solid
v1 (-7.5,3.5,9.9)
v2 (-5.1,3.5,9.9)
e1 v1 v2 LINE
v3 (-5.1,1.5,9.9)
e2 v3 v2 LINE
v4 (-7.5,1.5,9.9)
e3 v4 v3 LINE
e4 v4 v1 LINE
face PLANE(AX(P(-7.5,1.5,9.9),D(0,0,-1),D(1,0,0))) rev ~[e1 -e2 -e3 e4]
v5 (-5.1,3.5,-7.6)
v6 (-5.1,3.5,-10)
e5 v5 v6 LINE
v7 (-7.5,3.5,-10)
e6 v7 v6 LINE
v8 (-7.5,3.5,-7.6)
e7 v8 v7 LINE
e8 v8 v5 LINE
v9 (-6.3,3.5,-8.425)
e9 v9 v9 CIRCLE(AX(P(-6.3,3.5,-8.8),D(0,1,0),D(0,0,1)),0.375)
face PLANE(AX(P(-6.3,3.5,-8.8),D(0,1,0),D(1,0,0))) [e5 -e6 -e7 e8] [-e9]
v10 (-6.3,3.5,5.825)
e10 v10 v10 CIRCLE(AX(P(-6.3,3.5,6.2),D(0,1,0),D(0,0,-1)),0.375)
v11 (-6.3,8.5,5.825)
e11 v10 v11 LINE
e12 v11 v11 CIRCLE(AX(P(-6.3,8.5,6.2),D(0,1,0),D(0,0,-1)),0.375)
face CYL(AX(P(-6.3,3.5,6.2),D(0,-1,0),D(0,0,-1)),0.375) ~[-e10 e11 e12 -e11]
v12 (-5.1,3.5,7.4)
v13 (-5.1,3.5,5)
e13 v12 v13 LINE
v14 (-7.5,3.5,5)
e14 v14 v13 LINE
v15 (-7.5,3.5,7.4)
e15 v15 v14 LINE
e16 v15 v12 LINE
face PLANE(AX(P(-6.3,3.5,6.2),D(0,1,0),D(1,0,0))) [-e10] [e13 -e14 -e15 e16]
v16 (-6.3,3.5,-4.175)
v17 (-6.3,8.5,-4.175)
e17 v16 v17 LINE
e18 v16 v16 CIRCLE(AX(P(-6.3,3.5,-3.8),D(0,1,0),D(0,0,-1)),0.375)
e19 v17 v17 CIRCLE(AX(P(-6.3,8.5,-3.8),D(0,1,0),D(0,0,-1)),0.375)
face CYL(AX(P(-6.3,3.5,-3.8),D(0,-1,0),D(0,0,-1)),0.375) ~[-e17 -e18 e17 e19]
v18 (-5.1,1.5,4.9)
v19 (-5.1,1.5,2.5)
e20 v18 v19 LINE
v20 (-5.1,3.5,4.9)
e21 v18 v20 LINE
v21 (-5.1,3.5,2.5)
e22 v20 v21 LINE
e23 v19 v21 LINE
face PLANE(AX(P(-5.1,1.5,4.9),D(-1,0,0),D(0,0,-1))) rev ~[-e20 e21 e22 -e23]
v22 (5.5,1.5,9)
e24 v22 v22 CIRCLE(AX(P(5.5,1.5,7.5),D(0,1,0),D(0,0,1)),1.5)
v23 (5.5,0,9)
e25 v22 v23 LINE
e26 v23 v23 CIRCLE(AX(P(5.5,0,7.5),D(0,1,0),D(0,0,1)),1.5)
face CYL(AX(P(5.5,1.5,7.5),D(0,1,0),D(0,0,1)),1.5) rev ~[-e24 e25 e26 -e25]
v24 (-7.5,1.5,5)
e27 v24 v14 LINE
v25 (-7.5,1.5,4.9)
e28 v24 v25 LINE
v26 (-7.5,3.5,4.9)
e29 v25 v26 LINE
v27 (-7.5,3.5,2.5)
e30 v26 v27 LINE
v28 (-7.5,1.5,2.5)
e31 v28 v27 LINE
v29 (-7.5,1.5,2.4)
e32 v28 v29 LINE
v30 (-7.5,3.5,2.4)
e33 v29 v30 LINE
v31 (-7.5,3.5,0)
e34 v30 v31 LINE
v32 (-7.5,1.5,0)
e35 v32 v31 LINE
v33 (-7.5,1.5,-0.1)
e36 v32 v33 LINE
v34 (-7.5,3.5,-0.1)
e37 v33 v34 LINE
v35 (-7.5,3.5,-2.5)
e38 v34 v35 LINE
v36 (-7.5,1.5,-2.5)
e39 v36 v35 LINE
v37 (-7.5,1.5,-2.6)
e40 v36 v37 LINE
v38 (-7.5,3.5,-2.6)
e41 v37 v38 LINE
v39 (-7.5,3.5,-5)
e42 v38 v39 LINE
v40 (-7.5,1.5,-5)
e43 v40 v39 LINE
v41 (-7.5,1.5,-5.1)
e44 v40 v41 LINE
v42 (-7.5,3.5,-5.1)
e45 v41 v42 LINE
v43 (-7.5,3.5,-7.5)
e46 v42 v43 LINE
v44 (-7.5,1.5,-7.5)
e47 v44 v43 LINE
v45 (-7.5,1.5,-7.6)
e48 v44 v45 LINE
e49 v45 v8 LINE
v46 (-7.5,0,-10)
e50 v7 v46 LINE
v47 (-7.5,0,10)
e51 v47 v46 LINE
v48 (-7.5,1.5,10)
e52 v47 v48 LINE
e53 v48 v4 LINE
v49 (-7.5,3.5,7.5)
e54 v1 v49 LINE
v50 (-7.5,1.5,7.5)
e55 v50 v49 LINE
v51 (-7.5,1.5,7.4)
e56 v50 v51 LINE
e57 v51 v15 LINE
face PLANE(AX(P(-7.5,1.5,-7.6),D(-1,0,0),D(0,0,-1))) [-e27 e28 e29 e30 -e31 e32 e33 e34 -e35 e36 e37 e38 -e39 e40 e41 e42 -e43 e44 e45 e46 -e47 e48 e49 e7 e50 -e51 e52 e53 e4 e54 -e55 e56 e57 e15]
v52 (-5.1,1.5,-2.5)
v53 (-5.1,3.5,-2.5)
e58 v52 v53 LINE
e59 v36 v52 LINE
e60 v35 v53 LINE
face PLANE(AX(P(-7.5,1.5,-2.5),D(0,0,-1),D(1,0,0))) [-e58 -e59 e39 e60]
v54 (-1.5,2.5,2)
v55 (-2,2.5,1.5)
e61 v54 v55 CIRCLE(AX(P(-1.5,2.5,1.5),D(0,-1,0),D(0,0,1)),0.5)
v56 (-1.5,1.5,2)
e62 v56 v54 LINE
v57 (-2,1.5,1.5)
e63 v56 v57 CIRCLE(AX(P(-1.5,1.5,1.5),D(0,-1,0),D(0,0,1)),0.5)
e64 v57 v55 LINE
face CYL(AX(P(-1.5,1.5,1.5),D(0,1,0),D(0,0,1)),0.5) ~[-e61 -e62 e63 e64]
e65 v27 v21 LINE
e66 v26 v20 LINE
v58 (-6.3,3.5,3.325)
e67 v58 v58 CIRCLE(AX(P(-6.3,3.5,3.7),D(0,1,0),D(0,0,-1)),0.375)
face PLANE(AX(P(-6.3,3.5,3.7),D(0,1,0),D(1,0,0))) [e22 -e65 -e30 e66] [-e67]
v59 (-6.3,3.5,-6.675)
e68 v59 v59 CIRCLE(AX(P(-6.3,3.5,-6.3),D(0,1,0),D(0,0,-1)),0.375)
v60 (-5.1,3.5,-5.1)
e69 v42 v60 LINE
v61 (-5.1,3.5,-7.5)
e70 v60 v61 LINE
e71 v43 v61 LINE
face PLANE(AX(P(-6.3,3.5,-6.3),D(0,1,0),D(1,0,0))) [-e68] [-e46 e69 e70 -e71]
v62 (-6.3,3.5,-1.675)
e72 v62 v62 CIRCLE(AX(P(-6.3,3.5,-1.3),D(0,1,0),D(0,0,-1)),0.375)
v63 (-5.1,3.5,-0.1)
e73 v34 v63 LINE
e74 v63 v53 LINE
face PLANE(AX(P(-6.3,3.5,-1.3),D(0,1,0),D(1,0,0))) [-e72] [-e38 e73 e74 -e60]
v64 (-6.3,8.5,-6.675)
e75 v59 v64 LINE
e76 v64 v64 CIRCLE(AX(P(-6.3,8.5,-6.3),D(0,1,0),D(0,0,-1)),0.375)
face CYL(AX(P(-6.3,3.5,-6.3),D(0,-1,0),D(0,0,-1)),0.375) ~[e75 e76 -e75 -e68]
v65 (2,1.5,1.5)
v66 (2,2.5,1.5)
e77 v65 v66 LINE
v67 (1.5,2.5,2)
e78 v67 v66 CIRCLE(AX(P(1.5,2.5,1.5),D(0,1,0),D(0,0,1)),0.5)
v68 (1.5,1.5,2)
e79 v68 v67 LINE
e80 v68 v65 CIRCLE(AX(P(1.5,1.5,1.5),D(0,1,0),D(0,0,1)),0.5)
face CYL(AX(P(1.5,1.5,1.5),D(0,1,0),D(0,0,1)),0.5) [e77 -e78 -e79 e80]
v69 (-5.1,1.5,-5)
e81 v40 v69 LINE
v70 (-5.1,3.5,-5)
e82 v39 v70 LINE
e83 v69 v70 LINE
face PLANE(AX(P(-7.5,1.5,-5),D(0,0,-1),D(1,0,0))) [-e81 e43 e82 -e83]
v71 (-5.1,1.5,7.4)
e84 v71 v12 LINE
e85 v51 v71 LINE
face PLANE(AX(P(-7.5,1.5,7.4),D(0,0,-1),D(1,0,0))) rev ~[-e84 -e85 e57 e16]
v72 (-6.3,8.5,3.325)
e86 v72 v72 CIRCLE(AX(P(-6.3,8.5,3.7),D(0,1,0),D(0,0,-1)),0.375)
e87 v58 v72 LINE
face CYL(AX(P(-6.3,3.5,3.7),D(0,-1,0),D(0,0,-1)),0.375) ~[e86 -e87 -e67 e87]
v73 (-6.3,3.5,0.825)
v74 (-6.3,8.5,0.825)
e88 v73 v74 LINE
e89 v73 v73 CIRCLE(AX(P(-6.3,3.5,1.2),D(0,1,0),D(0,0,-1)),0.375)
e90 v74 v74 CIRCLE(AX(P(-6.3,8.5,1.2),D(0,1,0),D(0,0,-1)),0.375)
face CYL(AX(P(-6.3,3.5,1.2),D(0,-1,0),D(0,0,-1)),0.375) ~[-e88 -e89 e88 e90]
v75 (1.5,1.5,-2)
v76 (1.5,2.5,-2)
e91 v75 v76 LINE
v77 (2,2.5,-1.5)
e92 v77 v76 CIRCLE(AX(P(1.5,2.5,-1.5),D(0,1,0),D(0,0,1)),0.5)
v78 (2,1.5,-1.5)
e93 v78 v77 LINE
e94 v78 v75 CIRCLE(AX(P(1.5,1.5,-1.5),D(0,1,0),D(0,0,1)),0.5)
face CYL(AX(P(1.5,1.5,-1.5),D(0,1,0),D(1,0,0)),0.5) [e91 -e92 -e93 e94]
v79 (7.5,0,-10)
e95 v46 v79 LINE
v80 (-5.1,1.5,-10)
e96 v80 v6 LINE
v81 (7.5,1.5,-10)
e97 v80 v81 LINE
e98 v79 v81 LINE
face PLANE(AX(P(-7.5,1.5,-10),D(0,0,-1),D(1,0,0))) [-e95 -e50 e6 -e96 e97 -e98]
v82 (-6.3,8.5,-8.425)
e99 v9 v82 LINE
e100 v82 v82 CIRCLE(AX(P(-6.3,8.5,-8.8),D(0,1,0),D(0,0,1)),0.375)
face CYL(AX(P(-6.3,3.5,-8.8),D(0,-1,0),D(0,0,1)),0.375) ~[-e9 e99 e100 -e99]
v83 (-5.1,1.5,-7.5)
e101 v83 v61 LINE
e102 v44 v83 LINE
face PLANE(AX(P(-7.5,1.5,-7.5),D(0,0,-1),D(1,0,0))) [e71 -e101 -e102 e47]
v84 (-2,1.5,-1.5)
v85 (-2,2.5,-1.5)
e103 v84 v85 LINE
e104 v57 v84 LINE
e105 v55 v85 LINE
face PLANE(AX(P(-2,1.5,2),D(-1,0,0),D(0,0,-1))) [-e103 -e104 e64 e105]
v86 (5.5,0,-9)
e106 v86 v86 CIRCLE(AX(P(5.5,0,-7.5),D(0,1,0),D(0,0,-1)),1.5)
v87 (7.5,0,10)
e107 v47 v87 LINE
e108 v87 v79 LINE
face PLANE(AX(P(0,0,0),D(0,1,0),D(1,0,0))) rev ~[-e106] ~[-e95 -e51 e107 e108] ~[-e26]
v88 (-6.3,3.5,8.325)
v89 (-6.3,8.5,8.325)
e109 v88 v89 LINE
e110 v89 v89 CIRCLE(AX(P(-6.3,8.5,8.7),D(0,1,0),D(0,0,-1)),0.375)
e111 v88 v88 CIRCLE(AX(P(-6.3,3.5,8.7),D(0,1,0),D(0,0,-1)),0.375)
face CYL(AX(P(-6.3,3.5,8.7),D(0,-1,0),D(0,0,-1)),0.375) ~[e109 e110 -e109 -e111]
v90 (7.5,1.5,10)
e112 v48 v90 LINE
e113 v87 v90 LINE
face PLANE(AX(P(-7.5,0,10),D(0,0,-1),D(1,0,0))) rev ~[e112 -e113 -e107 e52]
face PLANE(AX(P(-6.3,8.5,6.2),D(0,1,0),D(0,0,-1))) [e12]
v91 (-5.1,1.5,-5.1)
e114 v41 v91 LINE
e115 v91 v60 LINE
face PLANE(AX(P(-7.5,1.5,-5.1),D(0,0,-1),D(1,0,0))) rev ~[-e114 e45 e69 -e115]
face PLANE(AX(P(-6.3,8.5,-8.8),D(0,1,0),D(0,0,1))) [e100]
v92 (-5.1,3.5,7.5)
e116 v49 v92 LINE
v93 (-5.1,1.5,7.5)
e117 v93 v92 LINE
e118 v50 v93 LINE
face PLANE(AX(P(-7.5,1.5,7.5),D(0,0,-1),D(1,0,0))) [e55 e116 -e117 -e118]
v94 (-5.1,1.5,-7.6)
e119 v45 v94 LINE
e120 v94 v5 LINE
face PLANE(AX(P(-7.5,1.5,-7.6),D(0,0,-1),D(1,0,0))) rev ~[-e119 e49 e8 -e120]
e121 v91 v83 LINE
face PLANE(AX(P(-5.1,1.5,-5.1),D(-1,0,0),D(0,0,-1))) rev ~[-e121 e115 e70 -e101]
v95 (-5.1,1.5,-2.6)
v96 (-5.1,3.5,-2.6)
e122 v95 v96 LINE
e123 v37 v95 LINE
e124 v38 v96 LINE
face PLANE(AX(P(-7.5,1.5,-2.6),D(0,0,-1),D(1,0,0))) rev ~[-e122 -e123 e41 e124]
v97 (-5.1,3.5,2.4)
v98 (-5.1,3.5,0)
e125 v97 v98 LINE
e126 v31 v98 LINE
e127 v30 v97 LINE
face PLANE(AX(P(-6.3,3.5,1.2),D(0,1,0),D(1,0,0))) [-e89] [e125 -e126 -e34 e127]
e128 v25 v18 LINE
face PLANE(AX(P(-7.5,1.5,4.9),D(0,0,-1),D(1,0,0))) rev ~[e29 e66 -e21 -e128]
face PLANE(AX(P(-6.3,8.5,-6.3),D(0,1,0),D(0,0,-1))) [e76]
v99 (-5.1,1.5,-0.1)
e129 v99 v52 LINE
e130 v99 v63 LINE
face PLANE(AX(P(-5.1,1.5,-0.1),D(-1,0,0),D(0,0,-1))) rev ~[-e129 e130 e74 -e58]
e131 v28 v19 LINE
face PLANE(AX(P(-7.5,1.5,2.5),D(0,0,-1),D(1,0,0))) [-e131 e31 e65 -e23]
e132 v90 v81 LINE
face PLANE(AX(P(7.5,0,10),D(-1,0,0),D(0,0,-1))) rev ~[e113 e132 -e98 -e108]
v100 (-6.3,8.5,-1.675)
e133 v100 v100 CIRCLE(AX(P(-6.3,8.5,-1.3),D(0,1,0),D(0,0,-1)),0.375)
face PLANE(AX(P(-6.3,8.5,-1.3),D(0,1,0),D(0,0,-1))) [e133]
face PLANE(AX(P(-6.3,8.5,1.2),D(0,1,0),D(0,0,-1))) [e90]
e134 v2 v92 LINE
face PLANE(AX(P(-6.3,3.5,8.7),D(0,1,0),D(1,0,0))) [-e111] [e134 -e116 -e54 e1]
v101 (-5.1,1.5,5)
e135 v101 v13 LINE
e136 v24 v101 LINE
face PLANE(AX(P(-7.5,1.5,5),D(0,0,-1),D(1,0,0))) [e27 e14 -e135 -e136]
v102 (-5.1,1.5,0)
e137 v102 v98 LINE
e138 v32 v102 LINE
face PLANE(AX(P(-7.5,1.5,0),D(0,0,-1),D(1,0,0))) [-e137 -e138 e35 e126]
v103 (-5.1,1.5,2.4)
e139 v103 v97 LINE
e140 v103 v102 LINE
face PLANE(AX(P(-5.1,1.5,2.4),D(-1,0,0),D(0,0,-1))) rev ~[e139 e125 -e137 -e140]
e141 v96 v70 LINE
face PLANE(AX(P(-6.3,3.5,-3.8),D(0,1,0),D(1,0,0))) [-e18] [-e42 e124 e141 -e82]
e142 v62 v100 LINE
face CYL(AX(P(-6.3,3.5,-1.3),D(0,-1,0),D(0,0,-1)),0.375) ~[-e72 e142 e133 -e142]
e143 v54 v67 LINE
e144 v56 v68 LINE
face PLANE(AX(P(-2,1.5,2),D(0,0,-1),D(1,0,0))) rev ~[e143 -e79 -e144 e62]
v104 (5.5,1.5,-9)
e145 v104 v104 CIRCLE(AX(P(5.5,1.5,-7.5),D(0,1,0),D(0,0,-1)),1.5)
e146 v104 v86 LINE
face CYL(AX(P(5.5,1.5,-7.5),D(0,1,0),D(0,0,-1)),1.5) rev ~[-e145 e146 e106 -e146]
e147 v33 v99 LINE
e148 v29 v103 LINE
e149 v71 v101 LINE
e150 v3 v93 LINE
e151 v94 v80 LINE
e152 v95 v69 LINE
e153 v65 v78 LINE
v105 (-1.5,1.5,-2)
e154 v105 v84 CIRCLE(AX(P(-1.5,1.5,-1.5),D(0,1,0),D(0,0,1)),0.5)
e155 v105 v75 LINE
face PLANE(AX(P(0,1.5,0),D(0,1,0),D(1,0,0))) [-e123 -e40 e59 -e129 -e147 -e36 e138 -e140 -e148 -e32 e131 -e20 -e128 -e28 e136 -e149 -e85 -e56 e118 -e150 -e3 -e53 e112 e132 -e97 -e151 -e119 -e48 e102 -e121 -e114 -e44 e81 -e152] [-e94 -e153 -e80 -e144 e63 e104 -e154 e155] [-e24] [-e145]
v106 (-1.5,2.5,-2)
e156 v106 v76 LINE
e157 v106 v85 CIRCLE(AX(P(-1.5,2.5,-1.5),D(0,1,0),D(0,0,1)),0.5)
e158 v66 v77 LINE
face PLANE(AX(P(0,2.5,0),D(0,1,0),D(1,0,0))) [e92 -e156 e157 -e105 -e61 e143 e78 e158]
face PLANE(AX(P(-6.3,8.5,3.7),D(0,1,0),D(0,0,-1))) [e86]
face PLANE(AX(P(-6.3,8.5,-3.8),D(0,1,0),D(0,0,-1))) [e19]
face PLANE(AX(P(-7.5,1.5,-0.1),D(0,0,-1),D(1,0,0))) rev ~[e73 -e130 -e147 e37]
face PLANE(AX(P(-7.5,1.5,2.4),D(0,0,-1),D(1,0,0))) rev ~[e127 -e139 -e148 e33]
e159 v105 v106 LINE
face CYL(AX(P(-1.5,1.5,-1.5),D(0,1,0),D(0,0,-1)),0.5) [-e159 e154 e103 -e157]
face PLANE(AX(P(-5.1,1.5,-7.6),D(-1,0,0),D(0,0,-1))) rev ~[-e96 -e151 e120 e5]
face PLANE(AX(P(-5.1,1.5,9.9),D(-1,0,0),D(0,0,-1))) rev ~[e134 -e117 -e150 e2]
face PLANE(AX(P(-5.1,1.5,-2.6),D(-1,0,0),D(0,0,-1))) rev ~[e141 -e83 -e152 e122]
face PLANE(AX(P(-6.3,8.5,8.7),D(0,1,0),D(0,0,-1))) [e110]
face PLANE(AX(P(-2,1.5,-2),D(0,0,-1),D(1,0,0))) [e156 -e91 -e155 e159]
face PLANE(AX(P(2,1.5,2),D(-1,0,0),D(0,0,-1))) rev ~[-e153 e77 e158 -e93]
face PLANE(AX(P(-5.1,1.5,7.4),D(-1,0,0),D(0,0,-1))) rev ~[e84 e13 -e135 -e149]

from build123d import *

# Parameters (mm, degrees)
SKETCH1_W           = 15
SKETCH1_H           = 20
BOSS_EXTRUDE1_DEPTH = 1.5
SKETCH2_R           = 1.5
CUT_EXTRUDE1_DEPTH  = 13.589678312
SKETCH3_W           = 4
SKETCH3_H           = 4
BOSS_EXTRUDE2_DEPTH = 1
FILLET2_R           = 0.5
SKETCH4_W           = 2.4
SKETCH4_H           = 2.4
BOSS_EXTRUDE3_DEPTH = 2
SKETCH5_R           = 0.375
BOSS_EXTRUDE4_DEPTH = 5


with BuildPart() as part:
    # Sketch1 → Boss-Extrude1 (new body)
    with BuildSketch(Plane(origin=(0, 0, 0), x_dir=(1, 0, 0), z_dir=(0, 1, 0))):
        Rectangle(SKETCH1_W, SKETCH1_H)
    extrude(amount=BOSS_EXTRUDE1_DEPTH)

    # Sketch2 → Cut-Extrude1 (cut, through all)
    with BuildSketch(Plane(origin=(0, 1.5, 0), x_dir=(1, 0, 0), z_dir=(0, 1, 0))):
        with Locations(Location((5.5, -7.5, 0), (0, 0, 270))):
            Circle(SKETCH2_R)
        with Locations(Location((5.5, 7.5, 0), (0, 0, 90))):
            Circle(SKETCH2_R)
    extrude(amount=-CUT_EXTRUDE1_DEPTH, mode=Mode.SUBTRACT)

    # Sketch3 → Boss-Extrude2 (add)
    with BuildSketch(Plane(origin=(0, 1.5, 0), x_dir=(1, 0, 0), z_dir=(0, 1, 0))):
        Rectangle(SKETCH3_W, SKETCH3_H)
    extrude(amount=BOSS_EXTRUDE2_DEPTH)

    # Fillet2
    fillet2_edges = [part.edges().sort_by_distance(p)[0] for p in [
        (-2, 2, -2),
        (-2, 2, 2),
        (2, 2, 2),
        (2, 2, -2),
    ]]
    fillet(fillet2_edges, radius=FILLET2_R)

    # Sketch4 → Boss-Extrude3 (add)
    with BuildSketch(Plane(origin=(0, 1.5, 0), x_dir=(1, 0, 0), z_dir=(0, 1, 0))):
        with Locations((-6.3, 8.8)):
            Rectangle(SKETCH4_W, SKETCH4_H)
        with Locations((-6.3, 6.3)):
            Rectangle(SKETCH4_W, SKETCH4_H)
        with Locations((-6.3, 3.8)):
            Rectangle(SKETCH4_W, SKETCH4_H)
        with Locations((-6.3, 1.3)):
            Rectangle(SKETCH4_W, SKETCH4_H)
        with Locations((-6.3, -1.2)):
            Rectangle(SKETCH4_W, SKETCH4_H)
        with Locations((-6.3, -3.7)):
            Rectangle(SKETCH4_W, SKETCH4_H)
        with Locations((-6.3, -6.2)):
            Rectangle(SKETCH4_W, SKETCH4_H)
        with Locations((-6.3, -8.7)):
            Rectangle(SKETCH4_W, SKETCH4_H)
    extrude(amount=BOSS_EXTRUDE3_DEPTH)

    # Sketch5 → Boss-Extrude4 (add)
    with BuildSketch(Plane(origin=(0, 3.5, 0), x_dir=(1, 0, 0), z_dir=(0, 1, 0))):
        with Locations(Location((-6.3, 8.8, 0), (0, 0, 270))):
            Circle(SKETCH5_R)
        with Locations(Location((-6.3, 6.3, 0), (0, 0, 90))):
            Circle(SKETCH5_R)
        with Locations(Location((-6.3, 3.8, 0), (0, 0, 90))):
            Circle(SKETCH5_R)
        with Locations(Location((-6.3, 1.3, 0), (0, 0, 90))):
            Circle(SKETCH5_R)
        with Locations(Location((-6.3, -1.2, 0), (0, 0, 90))):
            Circle(SKETCH5_R)
        with Locations(Location((-6.3, -3.7, 0), (0, 0, 90))):
            Circle(SKETCH5_R)
        with Locations(Location((-6.3, -6.2, 0), (0, 0, 90))):
            Circle(SKETCH5_R)
        with Locations(Location((-6.3, -8.7, 0), (0, 0, 90))):
            Circle(SKETCH5_R)
    extrude(amount=BOSS_EXTRUDE4_DEPTH)


solid = part.part
